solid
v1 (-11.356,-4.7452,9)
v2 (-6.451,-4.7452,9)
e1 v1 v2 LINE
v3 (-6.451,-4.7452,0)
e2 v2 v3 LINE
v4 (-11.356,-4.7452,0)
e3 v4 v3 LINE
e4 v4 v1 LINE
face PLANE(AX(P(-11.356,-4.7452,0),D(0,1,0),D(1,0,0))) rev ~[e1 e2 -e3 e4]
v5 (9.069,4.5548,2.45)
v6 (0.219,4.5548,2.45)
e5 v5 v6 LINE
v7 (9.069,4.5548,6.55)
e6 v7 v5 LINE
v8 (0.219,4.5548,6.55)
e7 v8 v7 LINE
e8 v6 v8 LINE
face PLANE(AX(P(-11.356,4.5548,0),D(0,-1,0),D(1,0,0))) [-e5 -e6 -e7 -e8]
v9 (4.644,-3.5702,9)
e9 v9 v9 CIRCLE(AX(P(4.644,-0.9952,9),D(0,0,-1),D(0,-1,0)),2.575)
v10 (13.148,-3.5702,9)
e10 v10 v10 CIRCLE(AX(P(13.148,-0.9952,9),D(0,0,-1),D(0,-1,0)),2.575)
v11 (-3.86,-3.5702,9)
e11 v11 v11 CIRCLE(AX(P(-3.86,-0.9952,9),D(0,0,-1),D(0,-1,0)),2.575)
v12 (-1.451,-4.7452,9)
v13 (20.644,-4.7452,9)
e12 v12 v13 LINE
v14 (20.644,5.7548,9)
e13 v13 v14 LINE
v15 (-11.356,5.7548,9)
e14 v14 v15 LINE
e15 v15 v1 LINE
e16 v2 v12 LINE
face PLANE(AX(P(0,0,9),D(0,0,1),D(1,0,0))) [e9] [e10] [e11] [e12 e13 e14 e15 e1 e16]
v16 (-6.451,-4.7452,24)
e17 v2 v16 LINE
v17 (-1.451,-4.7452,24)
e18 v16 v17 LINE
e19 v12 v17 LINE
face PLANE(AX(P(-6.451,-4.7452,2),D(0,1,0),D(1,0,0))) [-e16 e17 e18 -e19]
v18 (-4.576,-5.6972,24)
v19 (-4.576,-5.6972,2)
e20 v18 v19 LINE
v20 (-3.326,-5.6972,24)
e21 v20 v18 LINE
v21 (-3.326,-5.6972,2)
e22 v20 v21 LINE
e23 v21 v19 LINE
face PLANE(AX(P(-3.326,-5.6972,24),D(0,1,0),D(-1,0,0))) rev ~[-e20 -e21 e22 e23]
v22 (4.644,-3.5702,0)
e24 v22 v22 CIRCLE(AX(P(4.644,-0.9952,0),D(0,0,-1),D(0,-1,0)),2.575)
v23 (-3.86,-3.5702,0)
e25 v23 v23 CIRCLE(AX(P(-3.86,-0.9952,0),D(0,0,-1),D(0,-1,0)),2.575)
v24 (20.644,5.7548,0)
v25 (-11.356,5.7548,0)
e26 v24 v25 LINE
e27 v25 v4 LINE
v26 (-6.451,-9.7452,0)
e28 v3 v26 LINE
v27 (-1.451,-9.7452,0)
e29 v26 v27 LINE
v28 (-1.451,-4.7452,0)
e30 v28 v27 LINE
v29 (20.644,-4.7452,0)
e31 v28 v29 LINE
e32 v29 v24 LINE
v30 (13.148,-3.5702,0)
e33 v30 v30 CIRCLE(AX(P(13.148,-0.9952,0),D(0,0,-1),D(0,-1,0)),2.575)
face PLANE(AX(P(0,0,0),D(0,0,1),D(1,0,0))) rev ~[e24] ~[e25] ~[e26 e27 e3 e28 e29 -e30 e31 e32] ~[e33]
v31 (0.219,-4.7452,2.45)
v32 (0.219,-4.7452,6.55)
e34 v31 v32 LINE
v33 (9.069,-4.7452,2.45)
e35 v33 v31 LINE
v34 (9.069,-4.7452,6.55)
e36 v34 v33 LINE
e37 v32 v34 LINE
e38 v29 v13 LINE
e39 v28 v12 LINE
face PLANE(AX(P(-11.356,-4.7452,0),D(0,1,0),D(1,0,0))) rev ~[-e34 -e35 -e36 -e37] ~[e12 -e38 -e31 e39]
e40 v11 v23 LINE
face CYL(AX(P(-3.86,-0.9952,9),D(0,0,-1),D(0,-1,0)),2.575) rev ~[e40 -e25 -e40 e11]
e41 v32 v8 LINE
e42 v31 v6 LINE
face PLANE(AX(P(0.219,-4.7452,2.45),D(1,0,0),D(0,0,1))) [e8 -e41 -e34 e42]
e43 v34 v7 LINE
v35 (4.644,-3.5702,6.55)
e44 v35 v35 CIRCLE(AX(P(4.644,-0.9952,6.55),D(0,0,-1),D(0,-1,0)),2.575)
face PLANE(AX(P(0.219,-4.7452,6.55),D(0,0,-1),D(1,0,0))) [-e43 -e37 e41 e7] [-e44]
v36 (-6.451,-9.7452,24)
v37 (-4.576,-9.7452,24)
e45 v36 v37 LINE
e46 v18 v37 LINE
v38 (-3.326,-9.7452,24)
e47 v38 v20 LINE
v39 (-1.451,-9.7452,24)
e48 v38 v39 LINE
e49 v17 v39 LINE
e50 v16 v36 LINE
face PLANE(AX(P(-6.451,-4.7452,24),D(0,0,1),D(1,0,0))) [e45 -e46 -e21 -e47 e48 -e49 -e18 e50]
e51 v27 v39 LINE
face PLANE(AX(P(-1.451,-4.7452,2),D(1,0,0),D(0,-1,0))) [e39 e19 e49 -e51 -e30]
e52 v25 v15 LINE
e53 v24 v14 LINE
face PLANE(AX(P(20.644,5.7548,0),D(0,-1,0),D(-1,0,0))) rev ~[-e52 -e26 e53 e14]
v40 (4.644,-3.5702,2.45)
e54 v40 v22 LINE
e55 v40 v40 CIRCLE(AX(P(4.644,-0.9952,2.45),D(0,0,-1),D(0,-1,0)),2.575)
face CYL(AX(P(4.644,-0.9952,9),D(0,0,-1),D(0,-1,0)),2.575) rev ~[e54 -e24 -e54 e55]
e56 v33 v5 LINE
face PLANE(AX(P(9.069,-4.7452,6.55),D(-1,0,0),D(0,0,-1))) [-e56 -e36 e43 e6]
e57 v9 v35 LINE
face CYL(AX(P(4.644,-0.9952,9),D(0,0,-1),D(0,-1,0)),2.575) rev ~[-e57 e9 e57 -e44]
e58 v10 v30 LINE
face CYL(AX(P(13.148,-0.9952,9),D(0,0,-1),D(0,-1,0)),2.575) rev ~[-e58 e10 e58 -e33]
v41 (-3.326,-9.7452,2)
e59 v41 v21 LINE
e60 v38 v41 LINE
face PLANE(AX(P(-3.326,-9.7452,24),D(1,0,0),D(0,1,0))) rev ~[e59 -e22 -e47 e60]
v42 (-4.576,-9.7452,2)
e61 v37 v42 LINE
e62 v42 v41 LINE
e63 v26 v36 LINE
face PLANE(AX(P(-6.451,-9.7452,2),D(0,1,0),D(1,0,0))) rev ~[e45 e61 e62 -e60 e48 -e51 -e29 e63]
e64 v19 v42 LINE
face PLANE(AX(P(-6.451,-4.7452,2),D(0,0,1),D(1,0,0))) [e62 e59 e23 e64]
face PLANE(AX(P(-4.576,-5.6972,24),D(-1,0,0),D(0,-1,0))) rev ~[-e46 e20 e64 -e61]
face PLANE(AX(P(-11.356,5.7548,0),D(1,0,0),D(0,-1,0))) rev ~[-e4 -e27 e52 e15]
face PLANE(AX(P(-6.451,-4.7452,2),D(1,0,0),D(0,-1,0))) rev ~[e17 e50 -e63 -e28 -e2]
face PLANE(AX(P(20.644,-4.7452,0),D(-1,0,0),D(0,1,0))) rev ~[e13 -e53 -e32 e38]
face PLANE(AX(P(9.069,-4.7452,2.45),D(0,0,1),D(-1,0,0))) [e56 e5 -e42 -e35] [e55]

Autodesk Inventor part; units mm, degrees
ref_plane "YZ Plane" through (0, 0, 0) normal (1, 0, 0) x (0, 1, 0)
ref_plane "XZ Plane" through (0, 0, 0) normal (0, 1, 0) x (-1, 0, 0)
ref_plane "XY Plane" through (0, 0, 0) normal (0, 0, 1) x (1, 0, 0)
sketch "Skizze1" plane through (0, 0, 0) normal (0, 0, 1) x (1, 0, 0)
  line L0 (-11.356, -4.7452) -> (20.644, -4.7452)
  line L1 (20.644, -4.7452) -> (20.644, 5.7548)
  line L2 (20.644, 5.7548) -> (-11.356, 5.7548)
  line L3 (-11.356, 5.7548) -> (-11.356, -4.7452)
  point P0 (0, 0)
  dimension "d0" = 32
  dimension "d1" = 10.5
extrude "Extrusion1" add sketch "Skizze1" along normal blind 9
sketch "Skizze2" plane through (0, 0, 9) normal (0, 0, 1) x (1, 0, 0)
  line L0 (20.644, -4.7452) -> (20.644, 5.7548) projected
  line L1 (-11.356, -4.7452) -> (20.644, -4.7452) projected
  point P0 (0, 0)
  point P1 (-3.86, -0.9952)
  point P2 (4.644, -0.9952)
  point P3 (13.148, -0.9952)
  dimension "d4" = 8.504
  dimension "d5" = 8.504
  dimension "d6" = 7.496
  dimension "d20" = 3.75
  dimension "d21" = 3.75
hole "Bohrung1" at (-3.86, -0.9952, 9) at (4.644, -0.9952, 9) at (13.148, -0.9952, 9) direction (0, 0, -1) diameter 5.15 end through all
sketch "Skizze3" plane through (0, 0, 9) normal (0, 0, 1) x (1, 0, 0)
  point P0 (0, 0)
sketch "Skizze4" plane through (-11.356, -4.7452, 0) normal (0, -1, 0) x (1, 0, 0)
  line L0 (11.575, 6.55) -> (20.425, 6.55)
  line L1 (20.425, 6.55) -> (20.425, 2.45)
  line L2 (20.425, 2.45) -> (11.575, 2.45)
  line L3 (11.575, 2.45) -> (11.575, 6.55)
  line L4 (32, 0) -> (32, 9) projected
  line L5 (0, 9) -> (32, 9) projected
  point P0 (11.356, 0)
  dimension "d14" = 8.85
  dimension "d15" = 4.1
  dimension "d16" = 11.575
  dimension "d17" = 2.45
extrude "Extrusion2" cut sketch "Skizze4" against normal blind 9.3
sketch "Skizze5" plane through (0, 0, 9) normal (0, 0, 1) x (1, 0, 0)
  point P0 (0, 0)
sketch "Skizze6" plane through (-11.356, -4.7452, 0) normal (0, -1, 0) x (1, 0, 0)
  line L0 (4.905, 0) -> (9.905, 0)
  line L1 (9.905, 0) -> (9.905, 2)
  line L2 (9.905, 2) -> (4.905, 2)
  line L3 (4.905, 2) -> (4.905, 0)
  line L4 (0, 0) -> (0, 9) projected
  point P0 (11.356, 0)
  dimension "d22" = 5
  dimension "d23" = 2
  dimension "d24" = 4.905
sketch "Skizze7" plane through (-11.356, -4.7452, 0) normal (0, -1, 0) x (1, 0, 0)
  point P0 (11.356, 0)
extrude "Extrusion3" add sketch "Skizze6" along normal blind 5
sketch "Skizze8" plane through (-6.451, -4.7452, 2) normal (0, 0, 1) x (1, 0, 0)
  line L0 (0, -5) -> (5, -5) projected
  line L1 (0, 0) -> (0, -5) projected
  line L2 (5, -5) -> (0, -5)
  line L3 (0, -5) -> (0, 0)
  line L4 (0, 0) -> (5, 0)
  line L5 (5, 0) -> (5, -5)
  point P0 (6.451, 4.7452)
extrude "Extrusion4" add sketch "Skizze8" along normal blind 22
sketch "Skizze9" plane through (-6.451, -4.7452, 24) normal (0, 0, 1) x (1, 0, 0)
  line L0 (0, -5) -> (5, -5) projected
  line L1 (1.875, -5) -> (3.125, -5)
  line L2 (3.125, -5) -> (3.125, -0.952)
  line L3 (3.125, -0.952) -> (1.875, -0.952)
  line L4 (1.875, -0.952) -> (1.875, -5)
  line L5 (5, -5) -> (5, 0) projected
  line L6 (0, 0) -> (0, -5) projected
  point P0 (6.451, 4.7452)
  dimension "d29" = 1.875
  dimension "d30" = 1.875
  dimension "d31" = 4.048
extrude "Extrusion5" cut sketch "Skizze9" against normal blind 22
properties part number "Objektträgerhalter 3b Neu"
